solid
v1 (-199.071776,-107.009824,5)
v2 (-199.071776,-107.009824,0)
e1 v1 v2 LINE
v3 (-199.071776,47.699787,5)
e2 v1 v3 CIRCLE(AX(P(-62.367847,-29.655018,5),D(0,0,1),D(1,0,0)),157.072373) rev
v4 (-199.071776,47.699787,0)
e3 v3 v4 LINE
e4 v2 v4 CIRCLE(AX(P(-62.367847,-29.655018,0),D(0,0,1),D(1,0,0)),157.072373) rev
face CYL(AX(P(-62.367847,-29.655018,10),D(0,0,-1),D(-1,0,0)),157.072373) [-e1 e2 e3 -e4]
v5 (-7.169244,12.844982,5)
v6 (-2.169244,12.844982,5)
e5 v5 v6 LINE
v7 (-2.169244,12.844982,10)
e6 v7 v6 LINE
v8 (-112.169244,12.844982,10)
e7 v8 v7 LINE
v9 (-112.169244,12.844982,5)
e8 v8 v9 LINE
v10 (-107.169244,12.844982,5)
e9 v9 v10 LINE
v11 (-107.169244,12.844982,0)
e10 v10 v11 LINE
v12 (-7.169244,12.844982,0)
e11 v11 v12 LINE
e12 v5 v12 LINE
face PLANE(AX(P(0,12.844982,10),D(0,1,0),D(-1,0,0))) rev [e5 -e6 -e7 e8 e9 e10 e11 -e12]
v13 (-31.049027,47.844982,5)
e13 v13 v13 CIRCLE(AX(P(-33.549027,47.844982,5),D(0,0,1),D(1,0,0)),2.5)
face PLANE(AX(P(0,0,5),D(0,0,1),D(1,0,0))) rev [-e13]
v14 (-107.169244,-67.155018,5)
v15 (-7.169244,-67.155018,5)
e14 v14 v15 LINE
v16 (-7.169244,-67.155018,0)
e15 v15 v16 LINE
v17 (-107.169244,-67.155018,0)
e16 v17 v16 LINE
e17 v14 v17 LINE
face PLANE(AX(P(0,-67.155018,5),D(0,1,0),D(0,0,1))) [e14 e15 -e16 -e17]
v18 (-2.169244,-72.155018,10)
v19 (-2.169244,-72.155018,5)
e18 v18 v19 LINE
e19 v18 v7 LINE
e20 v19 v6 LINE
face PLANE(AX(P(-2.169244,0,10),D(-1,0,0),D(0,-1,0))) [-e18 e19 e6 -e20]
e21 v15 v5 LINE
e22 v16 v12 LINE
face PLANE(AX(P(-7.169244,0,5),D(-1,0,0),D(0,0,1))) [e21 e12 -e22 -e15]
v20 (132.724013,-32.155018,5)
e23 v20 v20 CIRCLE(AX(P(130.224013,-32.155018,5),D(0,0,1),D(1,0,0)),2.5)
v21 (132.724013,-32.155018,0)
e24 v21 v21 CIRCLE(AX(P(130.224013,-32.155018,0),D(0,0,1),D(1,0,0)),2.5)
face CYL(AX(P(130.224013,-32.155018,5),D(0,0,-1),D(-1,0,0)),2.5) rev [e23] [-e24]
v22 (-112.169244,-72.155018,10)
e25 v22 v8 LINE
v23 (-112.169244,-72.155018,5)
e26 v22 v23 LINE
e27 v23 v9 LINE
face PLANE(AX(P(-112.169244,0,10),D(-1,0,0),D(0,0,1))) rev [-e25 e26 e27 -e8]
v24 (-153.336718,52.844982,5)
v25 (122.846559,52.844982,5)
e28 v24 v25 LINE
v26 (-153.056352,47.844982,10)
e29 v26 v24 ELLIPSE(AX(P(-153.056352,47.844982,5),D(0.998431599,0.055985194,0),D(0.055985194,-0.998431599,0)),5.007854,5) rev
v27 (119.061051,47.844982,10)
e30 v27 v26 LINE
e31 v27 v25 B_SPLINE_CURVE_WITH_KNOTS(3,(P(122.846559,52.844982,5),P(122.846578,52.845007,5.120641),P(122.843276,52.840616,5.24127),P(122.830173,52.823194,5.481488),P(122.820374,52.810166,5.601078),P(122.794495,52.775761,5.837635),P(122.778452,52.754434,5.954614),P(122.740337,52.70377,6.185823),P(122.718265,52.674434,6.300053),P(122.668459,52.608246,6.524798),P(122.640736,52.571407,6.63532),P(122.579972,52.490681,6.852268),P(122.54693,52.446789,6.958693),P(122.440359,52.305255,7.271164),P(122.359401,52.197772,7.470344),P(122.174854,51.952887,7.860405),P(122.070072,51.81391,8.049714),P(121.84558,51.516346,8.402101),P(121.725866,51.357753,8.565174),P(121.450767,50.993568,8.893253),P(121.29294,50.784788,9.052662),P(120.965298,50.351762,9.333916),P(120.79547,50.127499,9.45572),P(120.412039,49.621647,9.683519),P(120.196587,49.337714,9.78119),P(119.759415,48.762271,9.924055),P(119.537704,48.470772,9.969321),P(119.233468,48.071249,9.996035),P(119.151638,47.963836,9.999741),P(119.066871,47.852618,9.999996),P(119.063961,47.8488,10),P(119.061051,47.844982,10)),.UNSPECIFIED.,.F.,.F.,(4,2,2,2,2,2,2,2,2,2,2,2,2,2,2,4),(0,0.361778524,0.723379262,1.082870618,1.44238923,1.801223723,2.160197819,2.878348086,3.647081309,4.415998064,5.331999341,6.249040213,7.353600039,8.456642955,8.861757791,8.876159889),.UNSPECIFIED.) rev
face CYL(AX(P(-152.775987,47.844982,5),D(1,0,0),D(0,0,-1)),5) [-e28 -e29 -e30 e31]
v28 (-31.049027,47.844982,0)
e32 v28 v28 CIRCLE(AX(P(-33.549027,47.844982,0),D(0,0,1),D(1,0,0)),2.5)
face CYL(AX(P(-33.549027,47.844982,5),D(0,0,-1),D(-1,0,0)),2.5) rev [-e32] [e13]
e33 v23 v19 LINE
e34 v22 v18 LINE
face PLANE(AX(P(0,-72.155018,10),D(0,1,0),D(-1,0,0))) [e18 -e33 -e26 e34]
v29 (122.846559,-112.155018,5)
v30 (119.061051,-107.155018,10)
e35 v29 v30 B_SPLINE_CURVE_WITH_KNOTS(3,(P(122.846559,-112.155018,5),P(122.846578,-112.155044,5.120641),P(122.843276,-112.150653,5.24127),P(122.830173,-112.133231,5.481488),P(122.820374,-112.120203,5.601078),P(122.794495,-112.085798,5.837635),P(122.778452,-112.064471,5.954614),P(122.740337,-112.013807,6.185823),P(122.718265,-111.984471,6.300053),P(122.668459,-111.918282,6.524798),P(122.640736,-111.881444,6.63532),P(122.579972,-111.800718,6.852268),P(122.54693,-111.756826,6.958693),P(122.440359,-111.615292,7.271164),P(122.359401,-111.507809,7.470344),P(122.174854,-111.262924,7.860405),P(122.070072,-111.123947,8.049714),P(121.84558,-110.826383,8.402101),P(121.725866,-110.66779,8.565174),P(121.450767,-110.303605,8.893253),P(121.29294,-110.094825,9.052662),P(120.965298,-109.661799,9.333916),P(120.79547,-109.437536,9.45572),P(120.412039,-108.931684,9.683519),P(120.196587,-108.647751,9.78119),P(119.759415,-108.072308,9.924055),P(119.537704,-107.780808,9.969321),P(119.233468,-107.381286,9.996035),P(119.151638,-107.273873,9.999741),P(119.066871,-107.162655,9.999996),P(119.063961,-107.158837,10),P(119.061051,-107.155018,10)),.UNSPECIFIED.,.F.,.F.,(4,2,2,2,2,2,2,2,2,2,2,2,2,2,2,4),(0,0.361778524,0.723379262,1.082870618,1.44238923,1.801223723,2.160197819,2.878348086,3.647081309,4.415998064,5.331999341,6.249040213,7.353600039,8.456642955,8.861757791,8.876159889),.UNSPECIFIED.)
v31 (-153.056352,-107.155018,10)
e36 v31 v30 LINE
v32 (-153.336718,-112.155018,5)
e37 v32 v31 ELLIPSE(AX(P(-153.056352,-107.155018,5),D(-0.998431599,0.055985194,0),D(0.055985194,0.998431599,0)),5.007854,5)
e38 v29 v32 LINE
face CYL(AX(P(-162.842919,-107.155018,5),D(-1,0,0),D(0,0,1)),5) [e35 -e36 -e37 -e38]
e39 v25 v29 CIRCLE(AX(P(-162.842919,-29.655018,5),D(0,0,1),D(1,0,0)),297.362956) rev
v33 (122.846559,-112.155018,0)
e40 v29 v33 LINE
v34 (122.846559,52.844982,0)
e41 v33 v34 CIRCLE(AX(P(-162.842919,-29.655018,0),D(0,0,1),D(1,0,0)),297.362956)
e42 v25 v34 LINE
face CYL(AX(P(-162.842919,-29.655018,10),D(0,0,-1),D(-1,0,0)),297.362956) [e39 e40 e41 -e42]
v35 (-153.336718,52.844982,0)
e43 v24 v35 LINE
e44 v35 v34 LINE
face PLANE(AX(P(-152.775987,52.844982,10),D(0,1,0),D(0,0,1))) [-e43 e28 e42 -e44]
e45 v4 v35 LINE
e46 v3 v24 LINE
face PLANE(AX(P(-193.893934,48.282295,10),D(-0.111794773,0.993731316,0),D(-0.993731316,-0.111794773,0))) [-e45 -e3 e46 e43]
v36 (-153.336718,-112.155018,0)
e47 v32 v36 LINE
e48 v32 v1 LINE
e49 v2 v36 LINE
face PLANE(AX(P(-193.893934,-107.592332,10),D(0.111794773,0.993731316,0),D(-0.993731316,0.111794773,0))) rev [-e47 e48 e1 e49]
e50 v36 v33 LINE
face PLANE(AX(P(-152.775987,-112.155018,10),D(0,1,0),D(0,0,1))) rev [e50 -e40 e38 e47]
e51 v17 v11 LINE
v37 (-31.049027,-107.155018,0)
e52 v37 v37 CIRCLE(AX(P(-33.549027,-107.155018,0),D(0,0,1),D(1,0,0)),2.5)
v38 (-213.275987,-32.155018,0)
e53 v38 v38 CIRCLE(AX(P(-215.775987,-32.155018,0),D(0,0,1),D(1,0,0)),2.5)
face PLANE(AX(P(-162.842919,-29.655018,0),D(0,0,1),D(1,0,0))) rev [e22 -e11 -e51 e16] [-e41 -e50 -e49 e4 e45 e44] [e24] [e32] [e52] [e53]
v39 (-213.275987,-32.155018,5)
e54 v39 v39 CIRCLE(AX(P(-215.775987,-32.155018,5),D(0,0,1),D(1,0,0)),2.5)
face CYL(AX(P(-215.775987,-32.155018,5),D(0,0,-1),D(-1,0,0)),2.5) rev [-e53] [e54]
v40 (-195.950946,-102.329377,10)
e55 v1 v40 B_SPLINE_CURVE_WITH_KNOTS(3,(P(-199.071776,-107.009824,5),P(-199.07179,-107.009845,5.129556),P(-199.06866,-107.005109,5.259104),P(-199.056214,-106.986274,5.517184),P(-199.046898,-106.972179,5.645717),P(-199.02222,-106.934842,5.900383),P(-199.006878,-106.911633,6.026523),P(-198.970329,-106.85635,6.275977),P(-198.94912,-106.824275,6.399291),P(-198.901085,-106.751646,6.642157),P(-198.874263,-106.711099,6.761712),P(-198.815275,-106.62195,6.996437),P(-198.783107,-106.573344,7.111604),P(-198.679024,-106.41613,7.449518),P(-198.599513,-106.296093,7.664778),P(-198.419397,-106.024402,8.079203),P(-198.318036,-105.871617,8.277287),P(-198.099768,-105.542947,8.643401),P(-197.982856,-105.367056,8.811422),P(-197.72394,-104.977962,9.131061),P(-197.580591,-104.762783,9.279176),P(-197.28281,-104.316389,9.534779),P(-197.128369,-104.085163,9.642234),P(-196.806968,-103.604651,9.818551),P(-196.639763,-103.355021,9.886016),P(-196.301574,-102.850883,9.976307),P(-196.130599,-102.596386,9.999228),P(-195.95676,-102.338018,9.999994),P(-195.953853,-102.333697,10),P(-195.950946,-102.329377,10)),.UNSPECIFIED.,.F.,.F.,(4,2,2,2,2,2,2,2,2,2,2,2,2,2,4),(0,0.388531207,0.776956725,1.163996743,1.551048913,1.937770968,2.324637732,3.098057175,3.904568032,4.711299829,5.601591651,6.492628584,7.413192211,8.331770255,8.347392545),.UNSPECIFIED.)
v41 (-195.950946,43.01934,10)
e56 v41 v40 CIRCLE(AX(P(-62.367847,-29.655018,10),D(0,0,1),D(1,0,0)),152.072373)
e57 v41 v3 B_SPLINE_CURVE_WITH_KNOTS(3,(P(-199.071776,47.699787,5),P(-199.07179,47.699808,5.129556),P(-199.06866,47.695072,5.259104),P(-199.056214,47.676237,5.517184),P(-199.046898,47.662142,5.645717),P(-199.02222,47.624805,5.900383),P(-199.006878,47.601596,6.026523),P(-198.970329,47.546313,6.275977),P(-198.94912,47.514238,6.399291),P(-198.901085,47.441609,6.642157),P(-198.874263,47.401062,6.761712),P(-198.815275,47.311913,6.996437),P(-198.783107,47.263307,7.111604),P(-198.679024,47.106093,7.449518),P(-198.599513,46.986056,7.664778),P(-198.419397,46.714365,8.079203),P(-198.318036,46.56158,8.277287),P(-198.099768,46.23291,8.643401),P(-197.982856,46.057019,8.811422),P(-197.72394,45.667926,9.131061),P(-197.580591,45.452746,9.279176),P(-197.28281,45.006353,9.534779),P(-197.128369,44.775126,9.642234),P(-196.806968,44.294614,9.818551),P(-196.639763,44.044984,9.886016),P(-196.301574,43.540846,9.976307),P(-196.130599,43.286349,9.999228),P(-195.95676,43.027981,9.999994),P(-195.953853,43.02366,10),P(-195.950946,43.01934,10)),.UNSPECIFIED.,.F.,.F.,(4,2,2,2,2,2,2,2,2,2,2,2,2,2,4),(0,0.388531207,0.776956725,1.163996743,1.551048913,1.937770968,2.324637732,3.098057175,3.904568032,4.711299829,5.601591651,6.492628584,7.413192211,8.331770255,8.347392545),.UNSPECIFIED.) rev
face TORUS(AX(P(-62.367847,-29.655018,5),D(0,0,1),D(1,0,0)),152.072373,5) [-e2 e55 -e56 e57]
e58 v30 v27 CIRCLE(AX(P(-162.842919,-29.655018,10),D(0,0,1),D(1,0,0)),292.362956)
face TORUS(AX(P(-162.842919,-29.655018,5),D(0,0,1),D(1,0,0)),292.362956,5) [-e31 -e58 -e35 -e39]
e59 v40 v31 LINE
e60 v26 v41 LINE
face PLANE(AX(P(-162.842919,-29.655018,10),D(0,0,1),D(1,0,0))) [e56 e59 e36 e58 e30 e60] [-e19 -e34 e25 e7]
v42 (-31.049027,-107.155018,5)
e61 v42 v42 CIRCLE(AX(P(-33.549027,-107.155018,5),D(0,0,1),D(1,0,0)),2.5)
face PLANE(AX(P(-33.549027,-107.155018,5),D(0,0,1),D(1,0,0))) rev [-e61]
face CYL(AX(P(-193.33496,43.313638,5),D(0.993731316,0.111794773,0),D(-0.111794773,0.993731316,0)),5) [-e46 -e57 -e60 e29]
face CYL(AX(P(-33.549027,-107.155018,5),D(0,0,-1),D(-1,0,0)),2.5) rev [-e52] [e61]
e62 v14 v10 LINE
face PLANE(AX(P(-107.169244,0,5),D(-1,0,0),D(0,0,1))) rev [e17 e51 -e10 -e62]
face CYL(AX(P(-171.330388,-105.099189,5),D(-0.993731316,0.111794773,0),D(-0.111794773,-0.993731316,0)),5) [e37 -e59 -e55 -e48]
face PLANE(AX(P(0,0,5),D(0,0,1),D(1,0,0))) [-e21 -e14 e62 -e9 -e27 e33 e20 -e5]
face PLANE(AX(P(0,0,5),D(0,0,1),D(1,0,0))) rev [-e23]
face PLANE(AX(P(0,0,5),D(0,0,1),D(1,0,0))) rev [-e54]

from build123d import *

# Parameters (mm, degrees)
EXTRU_MINCE1_DEPTH      = 10
ESQUISSE1_25_W          = 110
ESQUISSE1_25_H          = 85
BOSS_EXTRU_3_DEPTH      = 10
ESQUISSE1_26_R          = 2.5
ENL_V_MAT_EXTRU_1_DEPTH = 5
ESQUISSE1_27_R          = 2.5
ENL_V_MAT_EXTRU_2_DEPTH = 5
ESQUISSE1_28_R          = 2.5
ENL_V_MAT_EXTRU_3_DEPTH = 5
ESQUISSE1_29_R          = 2.5
ENL_V_MAT_EXTRU_4_DEPTH = 5
CONG_5_R                = 5
BOSS_EXTRU_4_DEPTH      = 5


with BuildPart() as part:
    # Esquisse1 → Extru.-Mince1 (new body)
    with BuildSketch(Plane.XY):
        with BuildLine():
            Line((-199.071776485, 47.699787448), (-153.336718001, 52.844981528))
            Line((-153.336718001, 52.844981528), (122.846559315, 52.844981528))
            ThreePointArc((122.846559315, 52.844981528), (134.520037722, -29.655018472), (122.846559315, -112.155018472))
            Line((122.846559315, -112.155018472), (-153.336718001, -112.155018472))
            Line((-153.336718001, -112.155018472), (-199.071776485, -107.009824393))
            ThreePointArc((-199.071776485, -107.009824393), (-219.440219924, -29.655018472), (-199.071776485, 47.699787448))
        make_face()
        with BuildLine():
            Line((-192.775986612, 38.344981528), (-152.775986612, 42.844981528))
            Line((-152.775986612, 42.844981528), (115.224013388, 42.844981528))
            ThreePointArc((115.224013388, 42.844981528), (124.520037722, -29.655018472), (115.224013388, -102.155018472))
            Line((115.224013388, -102.155018472), (-152.775986612, -102.155018472))
            Line((-152.775986612, -102.155018472), (-192.775986612, -97.655018472))
            ThreePointArc((-192.775986612, -97.655018472), (-209.440219924, -29.655018472), (-192.775986612, 38.344981528))
        make_face(mode=Mode.SUBTRACT)
    extrude(amount=EXTRU_MINCE1_DEPTH)

    # Esquisse1<25> → Boss.-Extru.3 (add)
    with BuildSketch(Plane.XY):
        with BuildLine():
            Line((-152.775986612, 42.844981528), (-192.775986612, 38.344981528))
            ThreePointArc((-192.775986612, 38.344981528), (-209.440219924, -29.655018472), (-192.775986612, -97.655018472))
            Line((-192.775986612, -97.655018472), (-152.775986612, -102.155018472))
            Line((-152.775986612, -102.155018472), (115.224013388, -102.155018472))
            ThreePointArc((115.224013388, -102.155018472), (124.520037722, -29.655018472), (115.224013388, 42.844981528))
            Line((115.224013388, 42.844981528), (-152.775986612, 42.844981528))
        make_face()
        with Locations((-57.169243918, -29.655018472)):
            Rectangle(ESQUISSE1_25_W, ESQUISSE1_25_H, mode=Mode.SUBTRACT)
    extrude(amount=BOSS_EXTRU_3_DEPTH)

    # Esquisse1<26> → Enlèv. mat.-Extru.1 (cut)
    with BuildSketch(Plane.XY):
        with Locations((130.224013388, -32.155018472)):
            Circle(ESQUISSE1_26_R)
    extrude(amount=ENL_V_MAT_EXTRU_1_DEPTH, mode=Mode.SUBTRACT)

    # Esquisse1<27> → Enlèv. mat.-Extru.2 (cut)
    with BuildSketch(Plane.XY):
        with Locations((-33.549027095, -107.155018472)):
            Circle(ESQUISSE1_27_R)
    extrude(amount=ENL_V_MAT_EXTRU_2_DEPTH, mode=Mode.SUBTRACT)

    # Esquisse1<28> → Enlèv. mat.-Extru.3 (cut)
    with BuildSketch(Plane.XY):
        with Locations((-33.549027095, 47.844981528)):
            Circle(ESQUISSE1_28_R)
    extrude(amount=ENL_V_MAT_EXTRU_3_DEPTH, mode=Mode.SUBTRACT)

    # Esquisse1<29> → Enlèv. mat.-Extru.4 (cut)
    with BuildSketch(Plane.XY):
        with Locations((-215.775986612, -32.155018472)):
            Circle(ESQUISSE1_29_R)
    extrude(amount=ENL_V_MAT_EXTRU_4_DEPTH, mode=Mode.SUBTRACT)

    # Congé5
    cong_5_edges = [part.edges().sort_by_distance(p)[0] for p in [
        (-219.440219924, -29.655018472, 10),
        (-176.204247243, 50.272384488, 10),
        (-15.245079343, 52.844981528, 10),
        (134.520037722, -29.655018472, 10),
        (-15.245079343, -112.155018472, 10),
        (-176.204247243, -109.582421433, 10),
    ]]
    fillet(cong_5_edges, radius=CONG_5_R)

    # Esquisse1<30> → Boss.-Extru.4 (add)
    with BuildSketch(Plane.XY):
        Polygon((-7.169243918, -67.155018472), (-107.169243918, -67.155018472), (-107.169243918, 12.844981528), (-112.169243918, 12.844981528), (-112.169243918, -72.155018472), (-2.169243918, -72.155018472), (-2.169243918, 12.844981528), (-7.169243918, 12.844981528), align=None)
    extrude(amount=BOSS_EXTRU_4_DEPTH)


solid = part.part
